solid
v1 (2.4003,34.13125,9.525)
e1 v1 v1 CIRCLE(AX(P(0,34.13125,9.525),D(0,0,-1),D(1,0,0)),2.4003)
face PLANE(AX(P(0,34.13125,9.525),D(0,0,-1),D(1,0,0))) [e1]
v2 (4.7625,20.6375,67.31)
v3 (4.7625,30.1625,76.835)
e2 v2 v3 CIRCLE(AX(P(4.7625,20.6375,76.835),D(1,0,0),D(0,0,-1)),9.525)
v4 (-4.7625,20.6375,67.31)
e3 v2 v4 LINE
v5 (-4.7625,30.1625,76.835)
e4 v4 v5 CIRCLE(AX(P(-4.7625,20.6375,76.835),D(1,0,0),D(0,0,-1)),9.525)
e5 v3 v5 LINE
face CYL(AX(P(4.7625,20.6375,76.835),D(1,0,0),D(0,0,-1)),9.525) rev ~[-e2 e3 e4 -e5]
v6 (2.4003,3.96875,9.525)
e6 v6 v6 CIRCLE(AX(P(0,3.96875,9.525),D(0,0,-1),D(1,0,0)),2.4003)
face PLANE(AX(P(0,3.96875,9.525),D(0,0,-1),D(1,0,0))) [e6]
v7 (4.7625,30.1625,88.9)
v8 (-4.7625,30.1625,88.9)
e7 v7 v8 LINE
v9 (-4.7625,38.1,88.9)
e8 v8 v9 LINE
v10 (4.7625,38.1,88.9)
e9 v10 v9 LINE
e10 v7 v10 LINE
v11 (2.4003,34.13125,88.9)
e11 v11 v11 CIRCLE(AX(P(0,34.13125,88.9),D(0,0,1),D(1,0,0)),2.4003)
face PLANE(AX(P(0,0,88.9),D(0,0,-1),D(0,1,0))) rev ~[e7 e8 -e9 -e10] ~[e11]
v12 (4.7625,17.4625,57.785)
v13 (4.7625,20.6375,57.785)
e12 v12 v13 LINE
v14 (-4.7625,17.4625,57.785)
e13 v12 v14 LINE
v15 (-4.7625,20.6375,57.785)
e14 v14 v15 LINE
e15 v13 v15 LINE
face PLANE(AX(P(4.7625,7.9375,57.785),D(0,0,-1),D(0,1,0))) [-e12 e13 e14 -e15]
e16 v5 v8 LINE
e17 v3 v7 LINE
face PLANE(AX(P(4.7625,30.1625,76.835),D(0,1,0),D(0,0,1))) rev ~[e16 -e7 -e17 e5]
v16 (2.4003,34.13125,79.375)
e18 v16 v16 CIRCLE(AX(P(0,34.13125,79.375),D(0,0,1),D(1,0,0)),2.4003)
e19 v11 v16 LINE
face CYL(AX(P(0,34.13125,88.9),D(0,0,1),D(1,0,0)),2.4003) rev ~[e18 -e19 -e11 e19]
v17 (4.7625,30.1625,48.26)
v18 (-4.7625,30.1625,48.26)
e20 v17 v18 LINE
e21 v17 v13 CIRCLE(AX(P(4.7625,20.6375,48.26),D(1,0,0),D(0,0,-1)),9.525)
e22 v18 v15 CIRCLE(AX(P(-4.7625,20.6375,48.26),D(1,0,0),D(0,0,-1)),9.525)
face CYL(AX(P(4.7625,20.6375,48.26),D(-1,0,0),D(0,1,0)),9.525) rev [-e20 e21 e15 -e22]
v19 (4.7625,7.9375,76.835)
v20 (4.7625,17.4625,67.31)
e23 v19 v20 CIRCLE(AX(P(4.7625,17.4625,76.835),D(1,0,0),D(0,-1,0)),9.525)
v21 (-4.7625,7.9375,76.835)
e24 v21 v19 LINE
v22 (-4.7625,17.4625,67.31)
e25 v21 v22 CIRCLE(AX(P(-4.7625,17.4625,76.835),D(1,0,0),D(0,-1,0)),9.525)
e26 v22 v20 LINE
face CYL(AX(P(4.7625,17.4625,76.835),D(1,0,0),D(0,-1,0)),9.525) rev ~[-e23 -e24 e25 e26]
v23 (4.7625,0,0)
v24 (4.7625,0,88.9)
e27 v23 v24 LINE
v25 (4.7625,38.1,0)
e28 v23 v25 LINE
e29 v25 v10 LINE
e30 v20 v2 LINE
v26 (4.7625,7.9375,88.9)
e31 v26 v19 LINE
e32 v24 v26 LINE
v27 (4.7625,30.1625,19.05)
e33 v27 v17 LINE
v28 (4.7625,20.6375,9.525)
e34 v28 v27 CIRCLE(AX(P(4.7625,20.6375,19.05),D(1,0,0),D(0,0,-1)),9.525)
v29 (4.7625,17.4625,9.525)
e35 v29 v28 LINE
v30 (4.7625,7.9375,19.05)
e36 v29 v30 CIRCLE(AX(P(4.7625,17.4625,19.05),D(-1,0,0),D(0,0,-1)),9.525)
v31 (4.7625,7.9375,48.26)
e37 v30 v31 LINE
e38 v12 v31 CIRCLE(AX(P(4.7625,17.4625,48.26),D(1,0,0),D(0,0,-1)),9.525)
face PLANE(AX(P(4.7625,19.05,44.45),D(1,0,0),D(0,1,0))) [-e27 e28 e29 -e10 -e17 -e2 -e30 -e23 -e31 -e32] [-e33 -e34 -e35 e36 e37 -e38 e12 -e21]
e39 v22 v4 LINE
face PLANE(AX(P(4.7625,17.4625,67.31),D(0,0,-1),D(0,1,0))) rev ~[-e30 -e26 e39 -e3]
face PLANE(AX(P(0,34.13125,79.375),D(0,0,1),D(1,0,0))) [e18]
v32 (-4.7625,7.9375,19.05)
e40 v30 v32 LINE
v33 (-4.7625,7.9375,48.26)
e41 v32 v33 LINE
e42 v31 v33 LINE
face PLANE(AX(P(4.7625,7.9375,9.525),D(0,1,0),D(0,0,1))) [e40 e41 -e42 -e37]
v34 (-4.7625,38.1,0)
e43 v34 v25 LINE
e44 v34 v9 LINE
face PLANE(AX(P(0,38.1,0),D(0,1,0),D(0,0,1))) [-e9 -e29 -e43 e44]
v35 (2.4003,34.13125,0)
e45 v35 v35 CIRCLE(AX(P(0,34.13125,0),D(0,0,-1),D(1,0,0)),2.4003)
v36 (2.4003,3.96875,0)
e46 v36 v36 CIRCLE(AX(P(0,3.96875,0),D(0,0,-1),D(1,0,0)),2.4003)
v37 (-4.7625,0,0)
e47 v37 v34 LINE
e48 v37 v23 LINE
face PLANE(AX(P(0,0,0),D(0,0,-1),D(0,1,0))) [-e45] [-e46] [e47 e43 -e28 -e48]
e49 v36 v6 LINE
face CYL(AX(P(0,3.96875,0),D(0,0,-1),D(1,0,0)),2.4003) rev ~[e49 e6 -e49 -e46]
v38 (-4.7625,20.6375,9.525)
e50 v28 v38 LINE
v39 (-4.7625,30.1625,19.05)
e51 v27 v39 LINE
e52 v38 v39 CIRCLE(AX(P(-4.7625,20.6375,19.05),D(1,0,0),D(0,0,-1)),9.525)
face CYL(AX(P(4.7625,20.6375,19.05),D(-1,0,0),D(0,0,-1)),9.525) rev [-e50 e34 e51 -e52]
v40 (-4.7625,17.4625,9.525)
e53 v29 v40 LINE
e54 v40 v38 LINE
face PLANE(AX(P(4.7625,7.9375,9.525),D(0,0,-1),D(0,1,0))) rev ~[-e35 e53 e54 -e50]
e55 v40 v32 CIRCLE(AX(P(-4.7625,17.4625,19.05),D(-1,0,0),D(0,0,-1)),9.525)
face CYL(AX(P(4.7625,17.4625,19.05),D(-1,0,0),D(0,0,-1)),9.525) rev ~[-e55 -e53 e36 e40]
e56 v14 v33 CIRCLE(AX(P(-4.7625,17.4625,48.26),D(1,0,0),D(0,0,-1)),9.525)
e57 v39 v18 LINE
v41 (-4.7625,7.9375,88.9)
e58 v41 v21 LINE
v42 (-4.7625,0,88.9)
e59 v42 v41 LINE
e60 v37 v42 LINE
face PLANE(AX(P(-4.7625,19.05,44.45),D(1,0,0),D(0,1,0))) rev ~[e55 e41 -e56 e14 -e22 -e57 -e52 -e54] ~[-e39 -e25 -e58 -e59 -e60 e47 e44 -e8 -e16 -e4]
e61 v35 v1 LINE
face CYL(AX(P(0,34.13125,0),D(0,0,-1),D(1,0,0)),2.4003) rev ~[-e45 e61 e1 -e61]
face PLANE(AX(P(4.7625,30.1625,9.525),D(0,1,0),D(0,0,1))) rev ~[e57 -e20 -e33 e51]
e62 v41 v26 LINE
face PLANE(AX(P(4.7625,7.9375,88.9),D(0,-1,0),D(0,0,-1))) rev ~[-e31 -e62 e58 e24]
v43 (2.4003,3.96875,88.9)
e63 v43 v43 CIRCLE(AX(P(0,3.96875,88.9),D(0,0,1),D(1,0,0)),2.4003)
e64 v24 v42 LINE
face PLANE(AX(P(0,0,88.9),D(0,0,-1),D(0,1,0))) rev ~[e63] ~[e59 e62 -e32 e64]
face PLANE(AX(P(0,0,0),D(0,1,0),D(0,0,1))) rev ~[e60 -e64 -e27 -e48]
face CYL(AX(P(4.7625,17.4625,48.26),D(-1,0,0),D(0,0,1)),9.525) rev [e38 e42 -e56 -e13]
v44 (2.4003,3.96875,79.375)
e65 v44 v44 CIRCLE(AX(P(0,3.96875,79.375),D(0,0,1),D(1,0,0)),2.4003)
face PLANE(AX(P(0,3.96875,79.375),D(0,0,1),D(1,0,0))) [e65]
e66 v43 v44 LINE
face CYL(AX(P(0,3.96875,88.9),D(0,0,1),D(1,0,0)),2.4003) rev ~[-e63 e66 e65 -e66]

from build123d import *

# Parameters (mm, degrees)
F0_W     = 38.1
F0_H     = 88.9
F1_DEPTH = 4.7625
F3_DEPTH = 12.7
F4_R     = 2.4003
F5_DEPTH = 9.525
F6_R     = 2.4003
F7_DEPTH = 9.525
F8_W     = 22.225
F8_H     = 48.26
F9_DEPTH = 9.526
F10_R    = 9.525


with BuildPart() as f1:
    # F0 (on Right) → F1 (new body, symmetric)
    with BuildSketch(Plane.YZ):
        with Locations((19.05, 44.45)):
            Rectangle(F0_W, F0_H)
    extrude(amount=F1_DEPTH, both=True)

    # F2 (on face) → F3 (cut, symmetric)
    with BuildSketch(Plane.YZ.offset(4.7625)):
        with BuildLine():
            Line((30.1625, 88.9), (7.9375, 88.9))
            Line((7.9375, 88.9), (7.9375, 76.835))
            ThreePointArc((7.9375, 76.835), (10.7273079092, 70.0998079092), (17.4625, 67.31))
            Line((17.4625, 67.31), (20.6375, 67.31))
            ThreePointArc((20.6375, 67.31), (27.3726920908, 70.0998079092), (30.1625, 76.835))
            Line((30.1625, 76.835), (30.1625, 88.9))
        make_face()
    extrude(amount=F3_DEPTH, both=True, mode=Mode.SUBTRACT)

    # F4 (on face) → F5 (cut)
    with BuildSketch(Plane.XY.offset(88.9)):
        with Locations((0, 3.96875)):
            Circle(F4_R)
        with Locations((0, 34.13125)):
            Circle(F4_R)
    extrude(amount=-F5_DEPTH, mode=Mode.SUBTRACT)

    # F6 (on face) → F7 (cut)
    with BuildSketch(Plane(origin=(0, 0, 0), x_dir=(1, 0, 0), z_dir=(0, 0, -1))):
        with Locations((0, -3.96875)):
            Circle(F6_R)
        with Locations((0, -34.13125)):
            Circle(F6_R)
    extrude(amount=-F7_DEPTH, mode=Mode.SUBTRACT)

    # F8 (on face) → F9 (cut, through all)
    with BuildSketch(Plane.YZ.offset(4.7625)):
        with Locations((19.05, 33.655)):
            Rectangle(F8_W, F8_H)
    extrude(amount=-F9_DEPTH, mode=Mode.SUBTRACT)

    # F10
    f10_edges = [f1.edges().sort_by_distance(p)[0] for p in [
        (0, 7.9375, 57.785),
        (0, 30.1625, 57.785),
        (0, 7.9375, 9.525),
        (0, 30.1625, 9.525),
    ]]
    fillet(f10_edges, radius=F10_R)


solid = f1.part
